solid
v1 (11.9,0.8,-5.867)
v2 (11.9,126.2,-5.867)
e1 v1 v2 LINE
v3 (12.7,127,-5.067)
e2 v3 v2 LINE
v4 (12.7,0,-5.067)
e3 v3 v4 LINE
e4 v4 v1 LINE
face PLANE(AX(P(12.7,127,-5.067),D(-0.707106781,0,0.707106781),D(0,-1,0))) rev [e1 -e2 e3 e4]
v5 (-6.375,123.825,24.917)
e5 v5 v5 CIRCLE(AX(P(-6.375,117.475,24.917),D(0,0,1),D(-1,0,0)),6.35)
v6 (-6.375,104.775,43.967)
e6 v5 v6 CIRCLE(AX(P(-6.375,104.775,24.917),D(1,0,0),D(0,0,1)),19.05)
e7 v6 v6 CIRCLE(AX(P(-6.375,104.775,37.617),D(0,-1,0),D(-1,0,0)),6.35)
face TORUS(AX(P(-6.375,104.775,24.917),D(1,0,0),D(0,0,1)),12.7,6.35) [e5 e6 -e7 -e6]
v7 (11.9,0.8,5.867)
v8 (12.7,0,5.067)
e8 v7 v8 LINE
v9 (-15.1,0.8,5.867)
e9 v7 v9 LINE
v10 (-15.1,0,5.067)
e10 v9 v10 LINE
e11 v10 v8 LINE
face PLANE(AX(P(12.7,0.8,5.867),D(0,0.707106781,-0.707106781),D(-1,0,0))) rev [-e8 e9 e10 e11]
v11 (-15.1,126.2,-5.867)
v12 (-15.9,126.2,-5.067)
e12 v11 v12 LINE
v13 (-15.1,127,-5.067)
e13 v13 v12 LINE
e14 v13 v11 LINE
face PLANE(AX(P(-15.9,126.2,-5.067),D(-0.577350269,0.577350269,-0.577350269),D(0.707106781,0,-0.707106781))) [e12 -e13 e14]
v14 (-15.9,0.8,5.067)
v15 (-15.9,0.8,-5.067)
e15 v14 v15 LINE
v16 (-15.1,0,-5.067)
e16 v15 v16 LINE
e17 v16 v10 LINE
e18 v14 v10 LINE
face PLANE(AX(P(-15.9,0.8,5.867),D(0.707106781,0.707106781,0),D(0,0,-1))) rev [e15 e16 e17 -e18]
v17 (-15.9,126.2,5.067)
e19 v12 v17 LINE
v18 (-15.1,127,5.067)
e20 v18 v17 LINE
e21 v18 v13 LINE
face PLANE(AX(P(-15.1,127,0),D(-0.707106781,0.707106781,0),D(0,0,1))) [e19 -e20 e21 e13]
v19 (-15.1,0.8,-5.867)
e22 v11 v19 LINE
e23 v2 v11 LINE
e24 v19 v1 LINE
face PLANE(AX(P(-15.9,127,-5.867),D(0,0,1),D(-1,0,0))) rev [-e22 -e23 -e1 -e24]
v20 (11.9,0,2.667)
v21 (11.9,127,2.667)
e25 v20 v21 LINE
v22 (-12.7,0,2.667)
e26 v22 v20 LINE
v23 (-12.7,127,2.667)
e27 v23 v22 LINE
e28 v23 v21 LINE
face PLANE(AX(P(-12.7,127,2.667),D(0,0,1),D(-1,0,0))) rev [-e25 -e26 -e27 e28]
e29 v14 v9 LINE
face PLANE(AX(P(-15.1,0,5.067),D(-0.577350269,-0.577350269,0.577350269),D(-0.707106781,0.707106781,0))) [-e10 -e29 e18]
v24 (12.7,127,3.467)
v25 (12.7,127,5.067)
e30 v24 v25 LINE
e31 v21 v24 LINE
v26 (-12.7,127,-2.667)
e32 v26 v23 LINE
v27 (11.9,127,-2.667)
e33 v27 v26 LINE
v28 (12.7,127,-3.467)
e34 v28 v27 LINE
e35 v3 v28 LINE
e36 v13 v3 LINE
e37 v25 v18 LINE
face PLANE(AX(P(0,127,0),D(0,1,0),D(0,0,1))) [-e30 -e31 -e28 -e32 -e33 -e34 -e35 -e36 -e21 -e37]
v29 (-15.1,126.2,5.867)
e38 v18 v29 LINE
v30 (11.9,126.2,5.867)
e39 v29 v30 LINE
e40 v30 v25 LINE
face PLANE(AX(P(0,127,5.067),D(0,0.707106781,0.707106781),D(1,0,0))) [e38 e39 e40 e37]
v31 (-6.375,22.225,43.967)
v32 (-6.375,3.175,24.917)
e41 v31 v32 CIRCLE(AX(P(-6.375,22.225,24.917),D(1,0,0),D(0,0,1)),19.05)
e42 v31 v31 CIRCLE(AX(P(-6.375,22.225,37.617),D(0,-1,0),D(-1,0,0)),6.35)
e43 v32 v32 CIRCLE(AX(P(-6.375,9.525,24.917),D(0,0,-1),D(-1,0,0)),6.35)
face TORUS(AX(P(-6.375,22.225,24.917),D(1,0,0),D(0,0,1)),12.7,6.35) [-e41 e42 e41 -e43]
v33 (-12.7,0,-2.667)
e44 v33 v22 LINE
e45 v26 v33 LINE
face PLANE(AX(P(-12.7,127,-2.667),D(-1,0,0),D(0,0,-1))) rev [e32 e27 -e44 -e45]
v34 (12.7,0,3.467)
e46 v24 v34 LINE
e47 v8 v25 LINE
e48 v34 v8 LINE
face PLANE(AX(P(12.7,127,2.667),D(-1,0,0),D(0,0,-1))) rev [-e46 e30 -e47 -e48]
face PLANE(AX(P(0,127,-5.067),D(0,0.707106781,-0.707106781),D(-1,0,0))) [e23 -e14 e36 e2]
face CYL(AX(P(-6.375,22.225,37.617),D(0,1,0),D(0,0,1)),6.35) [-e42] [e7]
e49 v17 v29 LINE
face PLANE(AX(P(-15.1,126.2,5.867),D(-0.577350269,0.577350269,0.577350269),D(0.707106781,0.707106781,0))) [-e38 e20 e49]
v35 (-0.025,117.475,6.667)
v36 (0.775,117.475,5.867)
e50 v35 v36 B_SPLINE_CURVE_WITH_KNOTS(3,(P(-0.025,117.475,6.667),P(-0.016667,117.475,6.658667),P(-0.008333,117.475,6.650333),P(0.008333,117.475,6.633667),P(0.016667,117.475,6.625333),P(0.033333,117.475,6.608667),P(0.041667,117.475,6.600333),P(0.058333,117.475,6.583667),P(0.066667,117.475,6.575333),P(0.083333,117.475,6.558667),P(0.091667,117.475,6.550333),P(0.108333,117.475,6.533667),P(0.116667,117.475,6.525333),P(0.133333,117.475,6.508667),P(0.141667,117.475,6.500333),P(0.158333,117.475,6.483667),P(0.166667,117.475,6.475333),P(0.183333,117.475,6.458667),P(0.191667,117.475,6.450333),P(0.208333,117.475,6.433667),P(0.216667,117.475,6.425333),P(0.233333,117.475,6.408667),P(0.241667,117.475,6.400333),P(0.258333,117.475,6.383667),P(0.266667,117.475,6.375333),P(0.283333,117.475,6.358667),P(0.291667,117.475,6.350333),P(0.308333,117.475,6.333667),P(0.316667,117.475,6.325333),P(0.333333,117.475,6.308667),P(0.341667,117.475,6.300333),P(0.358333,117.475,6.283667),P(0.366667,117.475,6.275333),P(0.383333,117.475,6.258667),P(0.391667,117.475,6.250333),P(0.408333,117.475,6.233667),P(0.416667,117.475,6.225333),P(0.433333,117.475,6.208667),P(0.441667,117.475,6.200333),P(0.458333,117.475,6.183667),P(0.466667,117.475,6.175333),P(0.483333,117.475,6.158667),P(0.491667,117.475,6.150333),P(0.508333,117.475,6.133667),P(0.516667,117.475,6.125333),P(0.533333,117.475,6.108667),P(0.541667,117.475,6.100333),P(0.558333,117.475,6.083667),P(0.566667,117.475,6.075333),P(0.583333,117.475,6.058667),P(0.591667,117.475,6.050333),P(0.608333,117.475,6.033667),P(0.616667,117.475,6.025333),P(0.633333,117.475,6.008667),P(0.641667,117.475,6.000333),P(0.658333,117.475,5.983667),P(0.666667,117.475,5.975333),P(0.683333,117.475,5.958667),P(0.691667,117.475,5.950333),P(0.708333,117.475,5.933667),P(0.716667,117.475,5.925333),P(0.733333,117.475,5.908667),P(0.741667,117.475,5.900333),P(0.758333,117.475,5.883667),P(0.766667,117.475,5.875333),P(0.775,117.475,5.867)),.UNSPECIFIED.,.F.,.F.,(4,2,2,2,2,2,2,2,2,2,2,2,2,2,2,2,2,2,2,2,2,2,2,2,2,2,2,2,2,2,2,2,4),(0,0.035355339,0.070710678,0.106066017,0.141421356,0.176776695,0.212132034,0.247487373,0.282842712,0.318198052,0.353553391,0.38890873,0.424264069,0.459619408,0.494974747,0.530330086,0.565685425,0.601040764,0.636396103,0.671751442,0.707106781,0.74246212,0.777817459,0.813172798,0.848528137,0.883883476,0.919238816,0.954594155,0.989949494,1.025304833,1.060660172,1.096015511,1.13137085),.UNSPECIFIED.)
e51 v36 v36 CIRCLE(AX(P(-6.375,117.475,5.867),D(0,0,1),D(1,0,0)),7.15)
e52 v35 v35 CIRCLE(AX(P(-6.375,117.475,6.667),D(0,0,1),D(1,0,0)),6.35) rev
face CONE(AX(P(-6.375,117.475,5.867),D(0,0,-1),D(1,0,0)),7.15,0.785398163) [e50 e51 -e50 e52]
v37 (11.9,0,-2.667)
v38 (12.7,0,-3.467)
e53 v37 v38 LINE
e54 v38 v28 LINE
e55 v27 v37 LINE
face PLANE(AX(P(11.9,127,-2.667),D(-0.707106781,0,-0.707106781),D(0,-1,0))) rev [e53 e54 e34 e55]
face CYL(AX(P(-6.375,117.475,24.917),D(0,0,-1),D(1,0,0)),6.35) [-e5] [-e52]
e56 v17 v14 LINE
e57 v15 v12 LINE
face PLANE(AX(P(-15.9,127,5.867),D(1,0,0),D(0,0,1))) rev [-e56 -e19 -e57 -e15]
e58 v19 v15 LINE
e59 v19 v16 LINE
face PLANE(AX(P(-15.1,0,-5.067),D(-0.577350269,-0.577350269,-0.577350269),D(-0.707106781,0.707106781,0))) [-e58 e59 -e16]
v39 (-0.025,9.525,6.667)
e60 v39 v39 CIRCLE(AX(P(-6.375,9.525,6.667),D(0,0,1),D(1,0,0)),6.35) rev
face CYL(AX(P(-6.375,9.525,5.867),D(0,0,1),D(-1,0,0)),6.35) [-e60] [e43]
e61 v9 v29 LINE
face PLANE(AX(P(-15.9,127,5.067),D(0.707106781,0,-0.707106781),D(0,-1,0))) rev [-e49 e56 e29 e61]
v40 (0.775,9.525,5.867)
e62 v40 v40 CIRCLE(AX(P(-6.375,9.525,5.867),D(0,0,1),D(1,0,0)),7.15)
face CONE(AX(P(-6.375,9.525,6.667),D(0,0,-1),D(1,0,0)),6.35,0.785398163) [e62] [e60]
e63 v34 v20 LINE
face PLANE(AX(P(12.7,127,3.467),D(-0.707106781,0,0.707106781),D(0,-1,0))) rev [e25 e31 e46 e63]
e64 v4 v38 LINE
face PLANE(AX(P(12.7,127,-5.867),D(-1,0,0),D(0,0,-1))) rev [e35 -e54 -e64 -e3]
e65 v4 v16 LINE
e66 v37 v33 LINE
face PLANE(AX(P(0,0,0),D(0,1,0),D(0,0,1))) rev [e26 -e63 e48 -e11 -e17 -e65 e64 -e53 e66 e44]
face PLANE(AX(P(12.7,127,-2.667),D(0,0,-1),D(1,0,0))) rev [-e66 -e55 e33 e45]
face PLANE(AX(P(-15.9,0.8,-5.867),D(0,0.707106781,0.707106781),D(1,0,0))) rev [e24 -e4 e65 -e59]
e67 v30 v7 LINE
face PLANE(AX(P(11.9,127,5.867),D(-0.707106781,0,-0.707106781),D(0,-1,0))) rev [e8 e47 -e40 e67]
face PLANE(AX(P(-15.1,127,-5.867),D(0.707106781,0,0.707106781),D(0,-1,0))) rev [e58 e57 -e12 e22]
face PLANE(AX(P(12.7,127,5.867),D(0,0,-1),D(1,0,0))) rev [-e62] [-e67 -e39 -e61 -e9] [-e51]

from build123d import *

# Parameters (mm, degrees)
BOSS_EXTRUDE1_DEPTH = 127
SKETCH2_R           = 6.35
CHAMFER1_SIZE       = 0.8


with BuildPart() as part:
    # Sketch1 → Boss-Extrude1 (new body)
    with BuildSketch(Plane(origin=(0, 0, 0), x_dir=(1, 0, 0), z_dir=(0, 1, 0))):
        Polygon((-12.7, 2.667), (12.7, 2.667), (12.7, -2.667), (-12.7, -2.667), (-12.7, -5.867), (15.9, -5.867), (15.9, 5.867), (-12.7, 5.867), align=None)
    extrude(amount=BOSS_EXTRUDE1_DEPTH)

    # Sweep1: sweep along a curve in space
    with BuildLine() as sweep1_path:
        Line((6.375, 9.525, 5.867), (6.375, 9.525, 24.917))
        ThreePointArc((6.375, 9.525, 24.917), (6.375, 13.244743879, 33.897256121), (6.375, 22.225, 37.617))
        Line((6.375, 22.225, 37.617), (6.375, 104.775, 37.617))
        ThreePointArc((6.375, 104.775, 37.617), (6.375, 113.755256121, 33.897256121), (6.375, 117.475, 24.917))
        Line((6.375, 117.475, 24.917), (6.375, 117.475, 5.867))
    # Sketch2 → Sweep1 (sweep)
    with BuildSketch(Plane.XY.offset(5.867)):
        with Locations((6.375, 9.525)):
            Circle(SKETCH2_R)
    sweep(path=sweep1_path.line)

    # Chamfer1
    chamfer1_edges = [part.edges().sort_by_distance(p)[0] for p in [
        (-12.7, 63.5, -5.867),
        (15.9, 63.5, -5.867),
        (15.9, 63.5, 5.867),
        (-12.7, 63.5, 5.867),
        (-12.7, 63.5, 2.667),
        (-12.7, 63.5, -2.667),
        (1.6, 127, 5.867),
        (0.025, 9.525, 5.867),
        (0.025, 117.475, 5.867),
        (15.9, 127, 0),
        (1.6, 127, -5.867),
        (1.6, 0, -5.867),
        (15.9, 0, 0),
        (1.6, 0, 5.867),
    ]]
    chamfer(chamfer1_edges, length=CHAMFER1_SIZE)


with BuildPart() as body_2:
    # Mirror3: mirrored copy
    add(part.part.mirror(Plane(origin=(0, 0, 0), x_dir=(0, 0, 1), z_dir=(1, 0, 0))))


solid = body_2.part
